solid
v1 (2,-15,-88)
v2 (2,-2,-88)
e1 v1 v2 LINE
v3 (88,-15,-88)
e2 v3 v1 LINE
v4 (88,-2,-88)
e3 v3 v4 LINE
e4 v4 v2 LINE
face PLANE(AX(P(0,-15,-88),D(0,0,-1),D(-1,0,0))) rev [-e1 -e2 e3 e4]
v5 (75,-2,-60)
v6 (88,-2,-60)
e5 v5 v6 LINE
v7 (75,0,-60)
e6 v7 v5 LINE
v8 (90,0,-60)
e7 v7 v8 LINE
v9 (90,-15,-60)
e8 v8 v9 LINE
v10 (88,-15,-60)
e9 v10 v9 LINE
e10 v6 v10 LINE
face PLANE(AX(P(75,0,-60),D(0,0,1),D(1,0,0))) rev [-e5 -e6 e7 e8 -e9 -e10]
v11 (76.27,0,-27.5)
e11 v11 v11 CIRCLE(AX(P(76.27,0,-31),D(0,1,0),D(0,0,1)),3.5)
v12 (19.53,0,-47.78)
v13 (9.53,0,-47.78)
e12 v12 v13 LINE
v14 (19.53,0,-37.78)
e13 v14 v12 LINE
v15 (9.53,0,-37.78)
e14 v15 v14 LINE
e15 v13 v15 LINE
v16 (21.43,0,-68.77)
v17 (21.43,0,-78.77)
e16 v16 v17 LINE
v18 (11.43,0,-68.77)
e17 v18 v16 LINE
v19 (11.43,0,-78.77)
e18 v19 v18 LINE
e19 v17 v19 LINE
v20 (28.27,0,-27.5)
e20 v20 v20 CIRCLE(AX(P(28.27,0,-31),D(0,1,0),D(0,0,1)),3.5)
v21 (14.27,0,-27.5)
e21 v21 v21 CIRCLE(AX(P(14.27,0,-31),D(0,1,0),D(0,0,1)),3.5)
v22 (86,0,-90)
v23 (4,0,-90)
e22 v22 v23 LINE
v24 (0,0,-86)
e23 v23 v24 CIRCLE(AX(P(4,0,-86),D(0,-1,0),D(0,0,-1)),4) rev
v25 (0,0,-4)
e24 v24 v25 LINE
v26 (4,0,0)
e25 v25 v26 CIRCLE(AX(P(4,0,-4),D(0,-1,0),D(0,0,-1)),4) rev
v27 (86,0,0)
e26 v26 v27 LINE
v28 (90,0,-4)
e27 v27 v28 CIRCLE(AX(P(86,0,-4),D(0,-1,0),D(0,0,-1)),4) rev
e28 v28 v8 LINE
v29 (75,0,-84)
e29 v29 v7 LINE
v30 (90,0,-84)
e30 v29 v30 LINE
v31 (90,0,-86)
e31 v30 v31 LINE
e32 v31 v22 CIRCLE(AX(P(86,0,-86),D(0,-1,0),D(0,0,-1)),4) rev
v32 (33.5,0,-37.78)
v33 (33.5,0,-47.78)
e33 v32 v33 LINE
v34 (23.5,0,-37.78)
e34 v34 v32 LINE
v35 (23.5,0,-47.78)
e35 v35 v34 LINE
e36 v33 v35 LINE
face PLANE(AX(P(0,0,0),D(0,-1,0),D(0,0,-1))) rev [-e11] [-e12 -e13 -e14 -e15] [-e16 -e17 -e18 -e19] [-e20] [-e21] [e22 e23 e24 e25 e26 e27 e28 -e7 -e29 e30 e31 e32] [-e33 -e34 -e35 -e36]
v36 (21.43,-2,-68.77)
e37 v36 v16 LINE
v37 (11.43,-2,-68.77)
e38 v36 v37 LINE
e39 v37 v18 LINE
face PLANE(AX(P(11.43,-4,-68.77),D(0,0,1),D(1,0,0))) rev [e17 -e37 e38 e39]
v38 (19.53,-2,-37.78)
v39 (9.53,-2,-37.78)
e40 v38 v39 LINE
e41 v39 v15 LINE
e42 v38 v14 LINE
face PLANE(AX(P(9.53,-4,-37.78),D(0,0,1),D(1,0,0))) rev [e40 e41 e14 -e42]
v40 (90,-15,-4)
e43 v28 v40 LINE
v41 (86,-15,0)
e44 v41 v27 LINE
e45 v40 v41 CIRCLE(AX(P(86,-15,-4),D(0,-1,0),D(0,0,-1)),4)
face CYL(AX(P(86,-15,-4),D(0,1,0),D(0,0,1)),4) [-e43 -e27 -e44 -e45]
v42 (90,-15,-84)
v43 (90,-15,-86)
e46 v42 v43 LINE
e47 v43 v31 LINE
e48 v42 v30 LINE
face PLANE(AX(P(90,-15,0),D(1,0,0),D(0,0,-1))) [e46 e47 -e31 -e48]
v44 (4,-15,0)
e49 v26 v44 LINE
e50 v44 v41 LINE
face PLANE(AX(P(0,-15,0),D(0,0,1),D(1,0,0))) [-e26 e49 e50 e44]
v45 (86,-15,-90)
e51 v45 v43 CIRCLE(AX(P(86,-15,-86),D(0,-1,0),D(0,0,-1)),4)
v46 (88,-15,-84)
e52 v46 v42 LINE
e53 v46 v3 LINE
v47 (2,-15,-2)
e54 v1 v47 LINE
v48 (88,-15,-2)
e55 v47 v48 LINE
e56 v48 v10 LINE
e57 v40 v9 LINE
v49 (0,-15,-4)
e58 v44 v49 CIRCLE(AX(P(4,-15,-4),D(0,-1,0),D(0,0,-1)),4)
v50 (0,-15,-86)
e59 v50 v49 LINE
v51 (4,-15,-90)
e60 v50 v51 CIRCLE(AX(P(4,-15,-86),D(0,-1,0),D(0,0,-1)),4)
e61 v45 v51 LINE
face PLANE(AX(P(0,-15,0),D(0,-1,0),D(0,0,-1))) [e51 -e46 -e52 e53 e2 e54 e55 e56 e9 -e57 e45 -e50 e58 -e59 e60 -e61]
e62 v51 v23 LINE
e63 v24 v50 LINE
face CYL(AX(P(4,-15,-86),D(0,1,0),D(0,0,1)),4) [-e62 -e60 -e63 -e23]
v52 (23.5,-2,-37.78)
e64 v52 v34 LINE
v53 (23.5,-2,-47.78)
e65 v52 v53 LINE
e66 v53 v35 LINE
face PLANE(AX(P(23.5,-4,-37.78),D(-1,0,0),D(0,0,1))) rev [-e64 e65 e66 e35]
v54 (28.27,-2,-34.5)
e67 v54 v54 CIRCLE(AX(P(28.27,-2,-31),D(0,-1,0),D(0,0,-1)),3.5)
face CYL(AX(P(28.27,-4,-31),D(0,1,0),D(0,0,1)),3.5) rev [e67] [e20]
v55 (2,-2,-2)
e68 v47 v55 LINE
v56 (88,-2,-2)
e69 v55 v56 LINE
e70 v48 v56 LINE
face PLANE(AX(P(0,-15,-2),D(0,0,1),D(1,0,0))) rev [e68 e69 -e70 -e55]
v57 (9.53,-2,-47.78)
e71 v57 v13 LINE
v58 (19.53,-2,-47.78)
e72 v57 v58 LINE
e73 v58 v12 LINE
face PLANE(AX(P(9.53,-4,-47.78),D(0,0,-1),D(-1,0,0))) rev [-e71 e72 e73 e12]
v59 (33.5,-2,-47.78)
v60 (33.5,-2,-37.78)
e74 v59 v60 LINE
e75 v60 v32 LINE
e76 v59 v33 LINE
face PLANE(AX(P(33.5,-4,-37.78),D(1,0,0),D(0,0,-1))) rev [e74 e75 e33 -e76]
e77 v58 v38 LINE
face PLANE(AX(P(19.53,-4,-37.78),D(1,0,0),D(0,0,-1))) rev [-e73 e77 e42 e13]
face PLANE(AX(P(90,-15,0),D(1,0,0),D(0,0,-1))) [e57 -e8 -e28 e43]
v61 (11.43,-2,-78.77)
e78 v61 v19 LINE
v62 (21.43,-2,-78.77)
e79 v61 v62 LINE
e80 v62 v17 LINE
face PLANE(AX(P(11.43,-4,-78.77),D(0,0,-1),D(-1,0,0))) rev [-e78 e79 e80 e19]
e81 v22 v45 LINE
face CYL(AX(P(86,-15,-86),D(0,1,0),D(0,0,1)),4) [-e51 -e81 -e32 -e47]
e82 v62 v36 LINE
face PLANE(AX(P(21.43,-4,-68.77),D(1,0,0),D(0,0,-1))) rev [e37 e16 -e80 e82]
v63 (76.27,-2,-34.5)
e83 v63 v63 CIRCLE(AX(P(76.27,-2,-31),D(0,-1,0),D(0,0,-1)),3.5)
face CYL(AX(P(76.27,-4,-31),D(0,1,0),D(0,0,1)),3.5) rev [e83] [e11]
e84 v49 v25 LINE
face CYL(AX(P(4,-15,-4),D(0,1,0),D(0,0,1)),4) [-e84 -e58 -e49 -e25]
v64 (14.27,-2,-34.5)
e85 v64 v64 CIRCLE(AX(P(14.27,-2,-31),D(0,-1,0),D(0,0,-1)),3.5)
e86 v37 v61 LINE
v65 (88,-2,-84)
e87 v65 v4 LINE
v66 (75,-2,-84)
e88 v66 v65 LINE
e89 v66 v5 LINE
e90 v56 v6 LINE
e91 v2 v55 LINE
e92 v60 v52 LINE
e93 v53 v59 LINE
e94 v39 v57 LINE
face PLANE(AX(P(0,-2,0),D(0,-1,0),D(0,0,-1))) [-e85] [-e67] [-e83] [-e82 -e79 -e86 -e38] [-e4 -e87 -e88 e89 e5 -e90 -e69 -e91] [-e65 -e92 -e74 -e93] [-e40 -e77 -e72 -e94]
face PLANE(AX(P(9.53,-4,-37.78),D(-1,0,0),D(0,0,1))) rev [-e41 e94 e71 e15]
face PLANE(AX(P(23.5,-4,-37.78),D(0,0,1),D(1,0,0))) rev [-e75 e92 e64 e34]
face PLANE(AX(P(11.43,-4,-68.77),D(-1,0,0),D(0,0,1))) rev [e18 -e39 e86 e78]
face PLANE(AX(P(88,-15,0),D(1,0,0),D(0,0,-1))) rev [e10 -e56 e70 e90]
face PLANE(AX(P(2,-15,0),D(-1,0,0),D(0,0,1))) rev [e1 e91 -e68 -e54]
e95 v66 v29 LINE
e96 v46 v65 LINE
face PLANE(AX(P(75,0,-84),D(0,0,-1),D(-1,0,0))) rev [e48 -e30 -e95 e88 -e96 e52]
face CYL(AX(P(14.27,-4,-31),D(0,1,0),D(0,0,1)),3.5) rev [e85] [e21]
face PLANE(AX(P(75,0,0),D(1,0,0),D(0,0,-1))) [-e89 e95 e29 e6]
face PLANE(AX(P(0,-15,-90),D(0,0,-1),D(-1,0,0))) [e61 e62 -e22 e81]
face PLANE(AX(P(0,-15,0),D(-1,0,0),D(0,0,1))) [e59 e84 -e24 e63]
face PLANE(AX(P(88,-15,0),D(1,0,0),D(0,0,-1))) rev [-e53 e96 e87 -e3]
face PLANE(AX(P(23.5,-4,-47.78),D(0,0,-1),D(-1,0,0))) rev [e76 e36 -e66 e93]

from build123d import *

# Parameters (mm, degrees)
SKETCH1_W           = 90
SKETCH1_H           = 90
BOSS_EXTRUDE1_DEPTH = 15
SKETCH2_W           = 24
SKETCH2_H           = 15
CUT_EXTRUDE1_DEPTH  = 15
SHELL1_T            = -2
SKETCH3_R           = 3.5
CUT_EXTRUDE2_DEPTH  = 4
SKETCH4_W           = 10
SKETCH4_H           = 10
CUT_EXTRUDE3_DEPTH  = 4
FILLET1_R           = 4


with BuildPart() as part:
    # Sketch1 → Boss-Extrude1 (new body)
    with BuildSketch(Plane(origin=(0, 0, 0), x_dir=(1, 0, 0), z_dir=(0, 1, 0))):
        with Locations((45, 45)):
            Rectangle(SKETCH1_W, SKETCH1_H)
    extrude(amount=-BOSS_EXTRUDE1_DEPTH)

    # Sketch2 → Cut-Extrude1 (cut)
    with BuildSketch(Plane(origin=(90, 0, 0), x_dir=(0, 0, -1), z_dir=(1, 0, 0))):
        with Locations((72, -7.5)):
            Rectangle(SKETCH2_W, SKETCH2_H)
    extrude(amount=-CUT_EXTRUDE1_DEPTH, mode=Mode.SUBTRACT)

    # Shell1
    shell1_openings = [part.faces().sort_by_distance(p)[0] for p in [
        (43.255813953, -15, -43.744186047),
        (82.5, -7.5, -60),
        (82.5, -7.5, -84),
        (75, -7.5, -72),
    ]]
    offset(amount=SHELL1_T, openings=shell1_openings, kind=Kind.INTERSECTION)

    # Sketch3 → Cut-Extrude2 (cut)
    with BuildSketch(Plane(origin=(0, 0, 0), x_dir=(1, 0, 0), z_dir=(0, 1, 0))):
        with Locations(Location((14.27, 31, 0), (0, 0, 270))):
            Circle(SKETCH3_R)
        with Locations(Location((28.27, 31, 0), (0, 0, 270))):
            Circle(SKETCH3_R)
        with Locations(Location((76.27, 31, 0), (0, 0, 270))):
            Circle(SKETCH3_R)
    extrude(amount=-CUT_EXTRUDE2_DEPTH, mode=Mode.SUBTRACT)

    # Sketch4 → Cut-Extrude3 (cut)
    with BuildSketch(Plane(origin=(0, 0, 0), x_dir=(1, 0, 0), z_dir=(0, 1, 0))):
        with Locations((14.53, 42.78)):
            Rectangle(SKETCH4_W, SKETCH4_H)
        with Locations((28.5, 42.78)):
            Rectangle(SKETCH4_W, SKETCH4_H)
        with Locations((16.43, 73.77)):
            Rectangle(SKETCH4_W, SKETCH4_H)
    extrude(amount=-CUT_EXTRUDE3_DEPTH, mode=Mode.SUBTRACT)

    # Fillet1
    fillet1_edges = [part.edges().sort_by_distance(p)[0] for p in [
        (0, -7.5, -90),
        (90, -7.5, -90),
        (90, -7.5, 0),
        (0, -7.5, 0),
    ]]
    fillet(fillet1_edges, radius=FILLET1_R)


solid = part.part
